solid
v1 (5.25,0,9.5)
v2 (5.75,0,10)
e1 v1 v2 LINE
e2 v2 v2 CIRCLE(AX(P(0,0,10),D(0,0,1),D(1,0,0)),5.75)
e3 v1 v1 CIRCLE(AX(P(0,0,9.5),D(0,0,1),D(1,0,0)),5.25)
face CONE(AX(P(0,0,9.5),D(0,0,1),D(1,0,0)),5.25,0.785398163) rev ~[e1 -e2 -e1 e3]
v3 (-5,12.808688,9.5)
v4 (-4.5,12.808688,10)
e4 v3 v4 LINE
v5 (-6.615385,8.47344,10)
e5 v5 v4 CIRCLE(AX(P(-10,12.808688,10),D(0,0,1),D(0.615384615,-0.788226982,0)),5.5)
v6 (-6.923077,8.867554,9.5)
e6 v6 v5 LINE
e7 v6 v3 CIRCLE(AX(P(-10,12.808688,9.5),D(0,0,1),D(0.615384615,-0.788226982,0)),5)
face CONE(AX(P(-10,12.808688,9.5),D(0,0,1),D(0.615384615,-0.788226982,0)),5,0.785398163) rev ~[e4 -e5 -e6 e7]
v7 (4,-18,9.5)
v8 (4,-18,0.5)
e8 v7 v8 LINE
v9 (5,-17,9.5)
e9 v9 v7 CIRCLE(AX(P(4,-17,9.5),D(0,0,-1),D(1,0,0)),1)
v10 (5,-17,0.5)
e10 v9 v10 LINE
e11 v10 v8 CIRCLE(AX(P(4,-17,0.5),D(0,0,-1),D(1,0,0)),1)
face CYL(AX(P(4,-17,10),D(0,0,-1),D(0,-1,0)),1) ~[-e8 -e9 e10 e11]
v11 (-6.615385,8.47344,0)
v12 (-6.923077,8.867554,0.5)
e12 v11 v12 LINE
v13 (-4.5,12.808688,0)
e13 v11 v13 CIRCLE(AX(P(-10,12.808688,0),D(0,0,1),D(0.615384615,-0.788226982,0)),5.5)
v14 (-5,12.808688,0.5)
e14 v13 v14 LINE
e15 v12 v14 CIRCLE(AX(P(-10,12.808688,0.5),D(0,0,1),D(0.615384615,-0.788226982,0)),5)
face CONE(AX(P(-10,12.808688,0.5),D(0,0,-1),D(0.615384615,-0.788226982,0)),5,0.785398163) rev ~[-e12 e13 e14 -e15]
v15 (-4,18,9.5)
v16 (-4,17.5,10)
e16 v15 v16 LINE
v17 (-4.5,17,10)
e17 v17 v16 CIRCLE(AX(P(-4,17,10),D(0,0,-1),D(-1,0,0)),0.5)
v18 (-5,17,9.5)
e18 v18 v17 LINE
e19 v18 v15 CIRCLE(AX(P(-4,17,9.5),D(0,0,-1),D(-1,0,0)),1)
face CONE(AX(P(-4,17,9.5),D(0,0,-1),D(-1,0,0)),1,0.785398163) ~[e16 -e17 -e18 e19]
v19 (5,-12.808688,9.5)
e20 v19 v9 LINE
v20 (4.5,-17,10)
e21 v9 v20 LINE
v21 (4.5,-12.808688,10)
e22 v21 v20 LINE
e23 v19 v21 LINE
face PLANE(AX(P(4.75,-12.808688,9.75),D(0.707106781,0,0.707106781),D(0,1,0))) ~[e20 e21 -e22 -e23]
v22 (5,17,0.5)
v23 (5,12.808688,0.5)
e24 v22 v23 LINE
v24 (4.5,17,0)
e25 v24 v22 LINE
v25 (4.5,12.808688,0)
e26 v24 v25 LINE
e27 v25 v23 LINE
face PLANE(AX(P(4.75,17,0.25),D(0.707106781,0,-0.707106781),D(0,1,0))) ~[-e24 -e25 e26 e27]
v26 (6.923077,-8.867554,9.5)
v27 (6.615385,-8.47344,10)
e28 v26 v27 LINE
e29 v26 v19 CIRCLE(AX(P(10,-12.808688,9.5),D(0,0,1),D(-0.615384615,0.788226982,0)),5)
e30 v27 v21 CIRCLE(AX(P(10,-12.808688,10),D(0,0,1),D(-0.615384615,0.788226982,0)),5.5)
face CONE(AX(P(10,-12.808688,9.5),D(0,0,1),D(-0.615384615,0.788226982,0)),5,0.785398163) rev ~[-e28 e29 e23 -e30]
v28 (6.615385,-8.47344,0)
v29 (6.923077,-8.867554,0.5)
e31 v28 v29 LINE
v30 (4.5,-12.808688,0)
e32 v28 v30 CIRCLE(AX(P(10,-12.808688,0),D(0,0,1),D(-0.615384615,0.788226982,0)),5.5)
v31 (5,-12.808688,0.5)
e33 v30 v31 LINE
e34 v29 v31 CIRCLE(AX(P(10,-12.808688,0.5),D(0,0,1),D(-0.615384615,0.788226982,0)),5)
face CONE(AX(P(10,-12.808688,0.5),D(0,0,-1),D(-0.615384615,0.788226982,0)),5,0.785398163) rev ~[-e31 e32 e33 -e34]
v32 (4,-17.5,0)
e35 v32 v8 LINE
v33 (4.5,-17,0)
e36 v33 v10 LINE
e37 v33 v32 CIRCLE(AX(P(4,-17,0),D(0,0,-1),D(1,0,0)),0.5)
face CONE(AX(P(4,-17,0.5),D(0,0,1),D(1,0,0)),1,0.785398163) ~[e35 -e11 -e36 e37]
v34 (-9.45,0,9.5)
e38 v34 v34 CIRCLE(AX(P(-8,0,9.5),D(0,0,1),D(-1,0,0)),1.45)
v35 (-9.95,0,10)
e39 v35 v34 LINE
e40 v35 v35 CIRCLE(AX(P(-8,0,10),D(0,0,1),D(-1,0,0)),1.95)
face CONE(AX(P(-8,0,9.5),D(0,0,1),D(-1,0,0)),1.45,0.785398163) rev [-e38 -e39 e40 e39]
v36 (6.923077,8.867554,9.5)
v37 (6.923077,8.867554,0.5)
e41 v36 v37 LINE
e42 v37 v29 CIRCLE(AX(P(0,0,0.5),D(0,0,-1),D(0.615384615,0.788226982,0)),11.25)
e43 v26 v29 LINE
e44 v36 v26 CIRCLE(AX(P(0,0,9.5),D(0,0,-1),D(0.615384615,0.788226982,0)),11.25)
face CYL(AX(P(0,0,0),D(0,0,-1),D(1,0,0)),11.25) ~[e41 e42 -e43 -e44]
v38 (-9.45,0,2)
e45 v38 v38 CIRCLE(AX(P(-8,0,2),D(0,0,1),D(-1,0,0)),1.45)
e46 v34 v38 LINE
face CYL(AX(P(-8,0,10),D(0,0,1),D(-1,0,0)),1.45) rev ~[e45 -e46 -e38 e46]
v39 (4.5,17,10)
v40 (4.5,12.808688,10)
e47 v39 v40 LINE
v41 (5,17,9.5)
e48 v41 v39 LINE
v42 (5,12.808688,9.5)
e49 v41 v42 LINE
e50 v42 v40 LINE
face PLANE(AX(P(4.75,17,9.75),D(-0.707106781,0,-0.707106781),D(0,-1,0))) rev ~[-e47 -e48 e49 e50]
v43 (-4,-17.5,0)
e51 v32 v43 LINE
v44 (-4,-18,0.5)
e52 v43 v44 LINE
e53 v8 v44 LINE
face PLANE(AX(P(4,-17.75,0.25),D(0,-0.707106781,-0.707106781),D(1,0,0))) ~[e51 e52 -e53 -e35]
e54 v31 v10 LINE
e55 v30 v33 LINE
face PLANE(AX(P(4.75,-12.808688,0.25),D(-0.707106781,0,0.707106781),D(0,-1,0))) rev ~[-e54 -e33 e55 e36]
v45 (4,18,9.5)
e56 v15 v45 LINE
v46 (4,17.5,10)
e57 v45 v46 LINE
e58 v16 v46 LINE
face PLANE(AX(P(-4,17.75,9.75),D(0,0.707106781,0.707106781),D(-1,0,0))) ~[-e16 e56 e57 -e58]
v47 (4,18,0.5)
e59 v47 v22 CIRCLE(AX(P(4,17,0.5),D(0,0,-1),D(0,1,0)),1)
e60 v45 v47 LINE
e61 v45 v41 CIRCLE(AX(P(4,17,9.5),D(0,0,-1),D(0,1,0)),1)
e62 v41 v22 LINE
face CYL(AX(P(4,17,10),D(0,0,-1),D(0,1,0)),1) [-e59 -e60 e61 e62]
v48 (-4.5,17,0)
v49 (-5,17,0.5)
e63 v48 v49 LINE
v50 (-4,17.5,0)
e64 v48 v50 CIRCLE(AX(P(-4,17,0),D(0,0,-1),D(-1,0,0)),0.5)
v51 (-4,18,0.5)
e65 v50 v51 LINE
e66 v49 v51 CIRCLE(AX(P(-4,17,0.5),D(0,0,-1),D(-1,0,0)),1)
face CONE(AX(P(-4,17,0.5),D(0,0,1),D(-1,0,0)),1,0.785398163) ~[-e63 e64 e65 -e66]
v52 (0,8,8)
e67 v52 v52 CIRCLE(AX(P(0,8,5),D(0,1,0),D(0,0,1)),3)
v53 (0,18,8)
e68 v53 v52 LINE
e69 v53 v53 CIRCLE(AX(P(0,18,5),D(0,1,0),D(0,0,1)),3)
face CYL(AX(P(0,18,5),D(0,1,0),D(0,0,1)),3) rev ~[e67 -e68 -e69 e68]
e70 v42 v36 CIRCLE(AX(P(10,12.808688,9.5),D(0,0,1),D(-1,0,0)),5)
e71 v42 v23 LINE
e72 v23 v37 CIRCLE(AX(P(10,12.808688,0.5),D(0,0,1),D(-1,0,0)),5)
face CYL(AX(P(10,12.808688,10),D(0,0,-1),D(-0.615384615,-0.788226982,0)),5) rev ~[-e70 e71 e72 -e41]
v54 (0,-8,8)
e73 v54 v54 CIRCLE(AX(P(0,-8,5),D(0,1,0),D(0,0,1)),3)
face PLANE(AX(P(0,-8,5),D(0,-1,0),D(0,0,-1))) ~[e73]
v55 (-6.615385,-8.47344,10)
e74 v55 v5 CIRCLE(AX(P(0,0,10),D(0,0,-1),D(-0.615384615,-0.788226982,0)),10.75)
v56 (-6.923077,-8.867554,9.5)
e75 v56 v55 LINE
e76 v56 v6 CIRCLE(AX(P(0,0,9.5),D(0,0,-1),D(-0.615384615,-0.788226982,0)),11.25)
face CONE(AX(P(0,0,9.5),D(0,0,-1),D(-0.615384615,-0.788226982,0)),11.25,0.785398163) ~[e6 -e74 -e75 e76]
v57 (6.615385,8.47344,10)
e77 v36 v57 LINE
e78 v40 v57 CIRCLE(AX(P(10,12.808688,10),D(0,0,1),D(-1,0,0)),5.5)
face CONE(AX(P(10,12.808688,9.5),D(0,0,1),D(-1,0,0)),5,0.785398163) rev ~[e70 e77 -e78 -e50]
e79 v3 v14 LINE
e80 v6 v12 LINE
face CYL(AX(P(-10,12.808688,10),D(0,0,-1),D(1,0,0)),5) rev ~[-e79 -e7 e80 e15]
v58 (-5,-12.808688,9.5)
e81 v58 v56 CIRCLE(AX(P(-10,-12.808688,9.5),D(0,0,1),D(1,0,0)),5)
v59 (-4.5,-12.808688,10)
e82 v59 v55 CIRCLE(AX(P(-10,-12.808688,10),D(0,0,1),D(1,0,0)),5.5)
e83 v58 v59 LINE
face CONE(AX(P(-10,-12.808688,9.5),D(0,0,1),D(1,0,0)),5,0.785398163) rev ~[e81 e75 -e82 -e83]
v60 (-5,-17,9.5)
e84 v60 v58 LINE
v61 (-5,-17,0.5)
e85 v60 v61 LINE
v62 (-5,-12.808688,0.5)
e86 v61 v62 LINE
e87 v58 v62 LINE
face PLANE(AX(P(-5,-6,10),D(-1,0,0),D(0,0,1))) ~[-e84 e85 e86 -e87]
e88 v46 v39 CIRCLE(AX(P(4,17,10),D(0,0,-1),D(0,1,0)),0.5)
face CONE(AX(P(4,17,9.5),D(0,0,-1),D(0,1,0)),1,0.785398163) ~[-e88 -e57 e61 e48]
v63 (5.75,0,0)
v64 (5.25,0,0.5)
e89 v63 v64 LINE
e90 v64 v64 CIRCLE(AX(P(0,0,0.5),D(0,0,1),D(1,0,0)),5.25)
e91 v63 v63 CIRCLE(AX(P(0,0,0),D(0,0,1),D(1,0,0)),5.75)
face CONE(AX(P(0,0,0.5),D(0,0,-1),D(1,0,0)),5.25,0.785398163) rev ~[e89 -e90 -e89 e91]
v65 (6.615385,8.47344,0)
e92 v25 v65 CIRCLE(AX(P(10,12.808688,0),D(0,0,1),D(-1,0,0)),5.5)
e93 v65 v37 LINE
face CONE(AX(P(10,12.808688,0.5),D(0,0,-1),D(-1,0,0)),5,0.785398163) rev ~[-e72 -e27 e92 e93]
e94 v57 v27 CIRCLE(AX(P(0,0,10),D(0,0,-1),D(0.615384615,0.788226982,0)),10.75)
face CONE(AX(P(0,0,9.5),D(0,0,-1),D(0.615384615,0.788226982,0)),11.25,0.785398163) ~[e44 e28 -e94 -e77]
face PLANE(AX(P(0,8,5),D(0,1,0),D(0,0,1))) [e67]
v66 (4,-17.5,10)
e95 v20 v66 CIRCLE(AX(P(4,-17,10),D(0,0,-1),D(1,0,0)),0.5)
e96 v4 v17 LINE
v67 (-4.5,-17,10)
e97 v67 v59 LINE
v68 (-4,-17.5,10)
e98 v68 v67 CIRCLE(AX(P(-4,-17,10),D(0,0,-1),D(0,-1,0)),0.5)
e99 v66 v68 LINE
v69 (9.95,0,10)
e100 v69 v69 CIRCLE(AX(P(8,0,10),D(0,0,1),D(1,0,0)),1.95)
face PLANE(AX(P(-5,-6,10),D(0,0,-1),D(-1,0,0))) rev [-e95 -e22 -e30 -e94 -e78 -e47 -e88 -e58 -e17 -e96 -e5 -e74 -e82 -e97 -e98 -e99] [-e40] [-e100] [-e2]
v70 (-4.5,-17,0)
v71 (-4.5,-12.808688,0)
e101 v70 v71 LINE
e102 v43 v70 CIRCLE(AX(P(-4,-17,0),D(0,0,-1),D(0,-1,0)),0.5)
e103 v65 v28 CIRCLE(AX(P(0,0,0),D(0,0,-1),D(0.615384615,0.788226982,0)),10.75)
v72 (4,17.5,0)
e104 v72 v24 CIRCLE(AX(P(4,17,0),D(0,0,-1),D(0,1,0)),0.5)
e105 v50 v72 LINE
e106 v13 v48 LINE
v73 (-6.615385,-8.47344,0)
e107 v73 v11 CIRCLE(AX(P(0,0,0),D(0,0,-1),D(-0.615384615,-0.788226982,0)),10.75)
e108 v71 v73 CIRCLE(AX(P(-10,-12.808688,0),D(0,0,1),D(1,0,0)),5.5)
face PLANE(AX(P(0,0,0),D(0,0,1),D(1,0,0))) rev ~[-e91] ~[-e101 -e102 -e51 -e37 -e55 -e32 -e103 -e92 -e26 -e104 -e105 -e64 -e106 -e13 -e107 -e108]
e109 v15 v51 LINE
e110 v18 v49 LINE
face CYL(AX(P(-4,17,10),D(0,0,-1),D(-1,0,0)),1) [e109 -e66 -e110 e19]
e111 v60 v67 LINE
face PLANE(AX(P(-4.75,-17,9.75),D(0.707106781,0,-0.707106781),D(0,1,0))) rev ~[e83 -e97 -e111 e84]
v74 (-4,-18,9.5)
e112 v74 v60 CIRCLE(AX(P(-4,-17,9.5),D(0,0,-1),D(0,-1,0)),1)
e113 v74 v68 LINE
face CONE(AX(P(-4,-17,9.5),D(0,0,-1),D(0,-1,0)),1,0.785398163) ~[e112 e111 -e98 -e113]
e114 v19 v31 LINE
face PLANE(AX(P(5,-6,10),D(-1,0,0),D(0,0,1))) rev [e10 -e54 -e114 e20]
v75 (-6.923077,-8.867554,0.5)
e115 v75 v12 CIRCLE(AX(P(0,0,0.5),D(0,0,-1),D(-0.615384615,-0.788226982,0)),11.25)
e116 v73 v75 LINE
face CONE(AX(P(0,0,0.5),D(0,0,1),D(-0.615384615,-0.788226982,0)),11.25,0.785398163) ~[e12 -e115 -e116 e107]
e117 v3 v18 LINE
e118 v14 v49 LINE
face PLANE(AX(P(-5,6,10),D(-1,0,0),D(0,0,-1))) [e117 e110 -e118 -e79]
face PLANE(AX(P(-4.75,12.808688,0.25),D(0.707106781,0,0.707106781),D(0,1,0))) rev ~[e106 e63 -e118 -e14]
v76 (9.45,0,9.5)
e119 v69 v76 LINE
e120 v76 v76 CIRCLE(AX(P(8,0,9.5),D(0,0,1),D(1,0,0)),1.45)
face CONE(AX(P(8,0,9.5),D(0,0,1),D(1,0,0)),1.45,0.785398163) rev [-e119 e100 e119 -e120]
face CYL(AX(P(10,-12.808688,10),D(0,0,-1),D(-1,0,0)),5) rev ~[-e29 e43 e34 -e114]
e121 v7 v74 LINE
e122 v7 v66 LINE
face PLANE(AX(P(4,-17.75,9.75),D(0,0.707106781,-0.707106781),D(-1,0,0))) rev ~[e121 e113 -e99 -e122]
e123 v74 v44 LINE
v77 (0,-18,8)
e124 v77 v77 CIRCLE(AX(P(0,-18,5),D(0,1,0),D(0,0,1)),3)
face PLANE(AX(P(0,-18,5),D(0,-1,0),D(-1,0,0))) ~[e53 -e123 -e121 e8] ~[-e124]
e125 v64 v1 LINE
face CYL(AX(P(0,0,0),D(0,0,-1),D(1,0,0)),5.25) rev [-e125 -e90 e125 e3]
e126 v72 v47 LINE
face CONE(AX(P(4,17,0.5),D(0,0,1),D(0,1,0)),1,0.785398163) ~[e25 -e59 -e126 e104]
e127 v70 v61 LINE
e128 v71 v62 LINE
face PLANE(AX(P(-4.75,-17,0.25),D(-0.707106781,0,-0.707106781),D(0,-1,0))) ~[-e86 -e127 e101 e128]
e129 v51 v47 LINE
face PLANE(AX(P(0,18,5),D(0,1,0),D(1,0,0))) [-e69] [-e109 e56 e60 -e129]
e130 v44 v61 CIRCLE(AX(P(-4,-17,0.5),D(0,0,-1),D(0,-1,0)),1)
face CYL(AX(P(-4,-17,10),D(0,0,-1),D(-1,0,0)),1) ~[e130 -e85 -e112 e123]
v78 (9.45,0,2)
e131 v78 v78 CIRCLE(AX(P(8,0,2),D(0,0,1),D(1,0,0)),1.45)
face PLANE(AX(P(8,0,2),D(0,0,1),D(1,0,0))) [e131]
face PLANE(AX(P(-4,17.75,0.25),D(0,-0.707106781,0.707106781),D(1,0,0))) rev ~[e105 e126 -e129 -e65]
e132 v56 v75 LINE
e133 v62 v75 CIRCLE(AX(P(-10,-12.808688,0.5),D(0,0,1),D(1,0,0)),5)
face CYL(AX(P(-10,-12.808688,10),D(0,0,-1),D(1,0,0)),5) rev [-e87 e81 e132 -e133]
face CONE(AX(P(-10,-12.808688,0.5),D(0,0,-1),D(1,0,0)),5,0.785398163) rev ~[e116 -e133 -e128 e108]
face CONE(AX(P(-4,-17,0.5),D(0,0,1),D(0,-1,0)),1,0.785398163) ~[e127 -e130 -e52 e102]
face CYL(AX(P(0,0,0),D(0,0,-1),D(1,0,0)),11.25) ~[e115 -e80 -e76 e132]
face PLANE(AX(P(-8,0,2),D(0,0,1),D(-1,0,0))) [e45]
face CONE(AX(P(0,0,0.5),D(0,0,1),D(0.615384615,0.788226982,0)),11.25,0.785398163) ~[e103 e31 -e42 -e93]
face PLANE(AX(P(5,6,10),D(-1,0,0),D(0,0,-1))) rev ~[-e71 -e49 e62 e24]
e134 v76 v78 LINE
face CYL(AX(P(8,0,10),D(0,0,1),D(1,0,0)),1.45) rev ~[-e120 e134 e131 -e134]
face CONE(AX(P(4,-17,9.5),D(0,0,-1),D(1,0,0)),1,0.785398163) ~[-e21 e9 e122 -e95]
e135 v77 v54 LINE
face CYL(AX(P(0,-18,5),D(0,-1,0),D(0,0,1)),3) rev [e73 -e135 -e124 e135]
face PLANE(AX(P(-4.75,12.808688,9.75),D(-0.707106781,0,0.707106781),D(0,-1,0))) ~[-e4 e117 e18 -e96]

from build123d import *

# Parameters (mm, degrees)
SKIZZE1_R                       = 11.25
SKIZZE1_R_2                     = 5.25
AUFSATZ_LINEAR_AUSTRAGEN1_DEPTH = 10
AUFSATZ_LINEAR_START            = 6
SKIZZE2_W                       = 10
SKIZZE2_H                       = 10
AUFSATZ_LINEAR_AUSTRAGEN2_DEPTH = 12
SKIZZE3_R                       = 3
SCHNITT_LINEAR_AUSTRAGEN1_DEPTH = 10
SKIZZE4_R                       = 1.45
SCHNITT_LINEAR_AUSTRAGEN2_DEPTH = 8
VERRUNDUNG2_R                   = 5
VERRUNDUNG1_R                   = 1
FASE1_SIZE                      = 0.5


with BuildPart() as part:
    # Skizze1 → Aufsatz-Linear austragen1 (new body)
    with BuildSketch(Plane.XY):
        Circle(SKIZZE1_R)
        Circle(SKIZZE1_R_2, mode=Mode.SUBTRACT)
    extrude(amount=AUFSATZ_LINEAR_AUSTRAGEN1_DEPTH)

    # Skizze2 → Aufsatz-Linear austragen2 (add)
    with BuildSketch(Plane(origin=(0, 0, 0), x_dir=(1, 0, 0), z_dir=(0, 1, 0)).offset(AUFSATZ_LINEAR_START)):
        with Locations((0, -5)):
            Rectangle(SKIZZE2_W, SKIZZE2_H)
    aufsatz_linear_austragen2 = extrude(amount=AUFSATZ_LINEAR_AUSTRAGEN2_DEPTH)

    # Skizze3 → Schnitt-Linear austragen1 (cut)
    with BuildSketch(Plane(origin=(0, 18, 0), x_dir=(1, 0, 0), z_dir=(0, 1, 0))):
        with Locations(Location((0, -5, 0), (0, 0, 270))):
            Circle(SKIZZE3_R)
    schnitt_linear_austragen1 = extrude(amount=-SCHNITT_LINEAR_AUSTRAGEN1_DEPTH, mode=Mode.SUBTRACT)

    # Spiegeln1: Aufsatz-Linear austragen2, Schnitt-Linear austragen1 across plane
    add(aufsatz_linear_austragen2.mirror(Plane.ZX))
    add(schnitt_linear_austragen1.mirror(Plane.ZX), mode=Mode.SUBTRACT)

    # Skizze4 → Schnitt-Linear austragen2 (cut)
    with BuildSketch(Plane.XY.offset(10)):
        with Locations((8, 0)):
            Circle(SKIZZE4_R)
        with Locations(Location((-8, 0, 0), (0, 0, 180))):
            Circle(SKIZZE4_R)
    extrude(amount=-SCHNITT_LINEAR_AUSTRAGEN2_DEPTH, mode=Mode.SUBTRACT)

    # Verrundung2
    verrundung2_edges = [part.edges().sort_by_distance(p)[0] for p in [
        (-5, 10.077822185, 5),
        (5, 10.077822185, 5),
        (5, -10.077822185, 5),
        (-5, -10.077822185, 5),
    ]]
    fillet(verrundung2_edges, radius=VERRUNDUNG2_R)

    # Verrundung1
    verrundung1_edges = [part.edges().sort_by_distance(p)[0] for p in [
        (5, 18, 5),
        (-5, 18, 5),
        (5, -18, 5),
        (-5, -18, 5),
    ]]
    fillet(verrundung1_edges, radius=VERRUNDUNG1_R)

    # Fase1
    fase1_edges = [part.edges().sort_by_distance(p)[0] for p in [
        (-5, 14.904344229, 10),
        (-5, -14.904344229, 10),
        (0, -18, 10),
        (5, -14.904344229, 10),
        (5, 14.904344229, 10),
        (-4.707106781, -17.707106781, 10),
        (4.707106781, -17.707106781, 10),
        (4.707106781, 17.707106781, 10),
        (-4.707106781, 17.707106781, 10),
        (-5, 14.904344229, 0),
        (5, -14.904344229, 0),
        (0, -18, 0),
        (-5, -14.904344229, 0),
        (5, 14.904344229, 0),
        (-4.707106781, -17.707106781, 0),
        (4.707106781, -17.707106781, 0),
        (4.707106781, 17.707106781, 0),
        (-4.707106781, 17.707106781, 0),
        (-5.25, 0, 0),
        (-5.25, 0, 10),
        (6.55, 0, 10),
        (-6.55, 0, 10),
        (-11.25, 0, 0),
        (-11.25, 0, 10),
        (11.25, 0, 10),
        (11.25, 0, 0),
        (-5.506414829, -10.616043409, 10),
        (-5.506414829, -10.616043409, 0),
        (-5.506414829, 10.616043409, 10),
        (-5.506414829, 10.616043409, 0),
        (5.506414829, 10.616043409, 0),
        (5.506414829, 10.616043409, 10),
        (5.506414829, -10.616043409, 0),
        (5.506414829, -10.616043409, 10),
        (0, 18, 0),
        (0, 18, 10),
    ]]
    chamfer(fase1_edges, length=FASE1_SIZE)


solid = part.part
